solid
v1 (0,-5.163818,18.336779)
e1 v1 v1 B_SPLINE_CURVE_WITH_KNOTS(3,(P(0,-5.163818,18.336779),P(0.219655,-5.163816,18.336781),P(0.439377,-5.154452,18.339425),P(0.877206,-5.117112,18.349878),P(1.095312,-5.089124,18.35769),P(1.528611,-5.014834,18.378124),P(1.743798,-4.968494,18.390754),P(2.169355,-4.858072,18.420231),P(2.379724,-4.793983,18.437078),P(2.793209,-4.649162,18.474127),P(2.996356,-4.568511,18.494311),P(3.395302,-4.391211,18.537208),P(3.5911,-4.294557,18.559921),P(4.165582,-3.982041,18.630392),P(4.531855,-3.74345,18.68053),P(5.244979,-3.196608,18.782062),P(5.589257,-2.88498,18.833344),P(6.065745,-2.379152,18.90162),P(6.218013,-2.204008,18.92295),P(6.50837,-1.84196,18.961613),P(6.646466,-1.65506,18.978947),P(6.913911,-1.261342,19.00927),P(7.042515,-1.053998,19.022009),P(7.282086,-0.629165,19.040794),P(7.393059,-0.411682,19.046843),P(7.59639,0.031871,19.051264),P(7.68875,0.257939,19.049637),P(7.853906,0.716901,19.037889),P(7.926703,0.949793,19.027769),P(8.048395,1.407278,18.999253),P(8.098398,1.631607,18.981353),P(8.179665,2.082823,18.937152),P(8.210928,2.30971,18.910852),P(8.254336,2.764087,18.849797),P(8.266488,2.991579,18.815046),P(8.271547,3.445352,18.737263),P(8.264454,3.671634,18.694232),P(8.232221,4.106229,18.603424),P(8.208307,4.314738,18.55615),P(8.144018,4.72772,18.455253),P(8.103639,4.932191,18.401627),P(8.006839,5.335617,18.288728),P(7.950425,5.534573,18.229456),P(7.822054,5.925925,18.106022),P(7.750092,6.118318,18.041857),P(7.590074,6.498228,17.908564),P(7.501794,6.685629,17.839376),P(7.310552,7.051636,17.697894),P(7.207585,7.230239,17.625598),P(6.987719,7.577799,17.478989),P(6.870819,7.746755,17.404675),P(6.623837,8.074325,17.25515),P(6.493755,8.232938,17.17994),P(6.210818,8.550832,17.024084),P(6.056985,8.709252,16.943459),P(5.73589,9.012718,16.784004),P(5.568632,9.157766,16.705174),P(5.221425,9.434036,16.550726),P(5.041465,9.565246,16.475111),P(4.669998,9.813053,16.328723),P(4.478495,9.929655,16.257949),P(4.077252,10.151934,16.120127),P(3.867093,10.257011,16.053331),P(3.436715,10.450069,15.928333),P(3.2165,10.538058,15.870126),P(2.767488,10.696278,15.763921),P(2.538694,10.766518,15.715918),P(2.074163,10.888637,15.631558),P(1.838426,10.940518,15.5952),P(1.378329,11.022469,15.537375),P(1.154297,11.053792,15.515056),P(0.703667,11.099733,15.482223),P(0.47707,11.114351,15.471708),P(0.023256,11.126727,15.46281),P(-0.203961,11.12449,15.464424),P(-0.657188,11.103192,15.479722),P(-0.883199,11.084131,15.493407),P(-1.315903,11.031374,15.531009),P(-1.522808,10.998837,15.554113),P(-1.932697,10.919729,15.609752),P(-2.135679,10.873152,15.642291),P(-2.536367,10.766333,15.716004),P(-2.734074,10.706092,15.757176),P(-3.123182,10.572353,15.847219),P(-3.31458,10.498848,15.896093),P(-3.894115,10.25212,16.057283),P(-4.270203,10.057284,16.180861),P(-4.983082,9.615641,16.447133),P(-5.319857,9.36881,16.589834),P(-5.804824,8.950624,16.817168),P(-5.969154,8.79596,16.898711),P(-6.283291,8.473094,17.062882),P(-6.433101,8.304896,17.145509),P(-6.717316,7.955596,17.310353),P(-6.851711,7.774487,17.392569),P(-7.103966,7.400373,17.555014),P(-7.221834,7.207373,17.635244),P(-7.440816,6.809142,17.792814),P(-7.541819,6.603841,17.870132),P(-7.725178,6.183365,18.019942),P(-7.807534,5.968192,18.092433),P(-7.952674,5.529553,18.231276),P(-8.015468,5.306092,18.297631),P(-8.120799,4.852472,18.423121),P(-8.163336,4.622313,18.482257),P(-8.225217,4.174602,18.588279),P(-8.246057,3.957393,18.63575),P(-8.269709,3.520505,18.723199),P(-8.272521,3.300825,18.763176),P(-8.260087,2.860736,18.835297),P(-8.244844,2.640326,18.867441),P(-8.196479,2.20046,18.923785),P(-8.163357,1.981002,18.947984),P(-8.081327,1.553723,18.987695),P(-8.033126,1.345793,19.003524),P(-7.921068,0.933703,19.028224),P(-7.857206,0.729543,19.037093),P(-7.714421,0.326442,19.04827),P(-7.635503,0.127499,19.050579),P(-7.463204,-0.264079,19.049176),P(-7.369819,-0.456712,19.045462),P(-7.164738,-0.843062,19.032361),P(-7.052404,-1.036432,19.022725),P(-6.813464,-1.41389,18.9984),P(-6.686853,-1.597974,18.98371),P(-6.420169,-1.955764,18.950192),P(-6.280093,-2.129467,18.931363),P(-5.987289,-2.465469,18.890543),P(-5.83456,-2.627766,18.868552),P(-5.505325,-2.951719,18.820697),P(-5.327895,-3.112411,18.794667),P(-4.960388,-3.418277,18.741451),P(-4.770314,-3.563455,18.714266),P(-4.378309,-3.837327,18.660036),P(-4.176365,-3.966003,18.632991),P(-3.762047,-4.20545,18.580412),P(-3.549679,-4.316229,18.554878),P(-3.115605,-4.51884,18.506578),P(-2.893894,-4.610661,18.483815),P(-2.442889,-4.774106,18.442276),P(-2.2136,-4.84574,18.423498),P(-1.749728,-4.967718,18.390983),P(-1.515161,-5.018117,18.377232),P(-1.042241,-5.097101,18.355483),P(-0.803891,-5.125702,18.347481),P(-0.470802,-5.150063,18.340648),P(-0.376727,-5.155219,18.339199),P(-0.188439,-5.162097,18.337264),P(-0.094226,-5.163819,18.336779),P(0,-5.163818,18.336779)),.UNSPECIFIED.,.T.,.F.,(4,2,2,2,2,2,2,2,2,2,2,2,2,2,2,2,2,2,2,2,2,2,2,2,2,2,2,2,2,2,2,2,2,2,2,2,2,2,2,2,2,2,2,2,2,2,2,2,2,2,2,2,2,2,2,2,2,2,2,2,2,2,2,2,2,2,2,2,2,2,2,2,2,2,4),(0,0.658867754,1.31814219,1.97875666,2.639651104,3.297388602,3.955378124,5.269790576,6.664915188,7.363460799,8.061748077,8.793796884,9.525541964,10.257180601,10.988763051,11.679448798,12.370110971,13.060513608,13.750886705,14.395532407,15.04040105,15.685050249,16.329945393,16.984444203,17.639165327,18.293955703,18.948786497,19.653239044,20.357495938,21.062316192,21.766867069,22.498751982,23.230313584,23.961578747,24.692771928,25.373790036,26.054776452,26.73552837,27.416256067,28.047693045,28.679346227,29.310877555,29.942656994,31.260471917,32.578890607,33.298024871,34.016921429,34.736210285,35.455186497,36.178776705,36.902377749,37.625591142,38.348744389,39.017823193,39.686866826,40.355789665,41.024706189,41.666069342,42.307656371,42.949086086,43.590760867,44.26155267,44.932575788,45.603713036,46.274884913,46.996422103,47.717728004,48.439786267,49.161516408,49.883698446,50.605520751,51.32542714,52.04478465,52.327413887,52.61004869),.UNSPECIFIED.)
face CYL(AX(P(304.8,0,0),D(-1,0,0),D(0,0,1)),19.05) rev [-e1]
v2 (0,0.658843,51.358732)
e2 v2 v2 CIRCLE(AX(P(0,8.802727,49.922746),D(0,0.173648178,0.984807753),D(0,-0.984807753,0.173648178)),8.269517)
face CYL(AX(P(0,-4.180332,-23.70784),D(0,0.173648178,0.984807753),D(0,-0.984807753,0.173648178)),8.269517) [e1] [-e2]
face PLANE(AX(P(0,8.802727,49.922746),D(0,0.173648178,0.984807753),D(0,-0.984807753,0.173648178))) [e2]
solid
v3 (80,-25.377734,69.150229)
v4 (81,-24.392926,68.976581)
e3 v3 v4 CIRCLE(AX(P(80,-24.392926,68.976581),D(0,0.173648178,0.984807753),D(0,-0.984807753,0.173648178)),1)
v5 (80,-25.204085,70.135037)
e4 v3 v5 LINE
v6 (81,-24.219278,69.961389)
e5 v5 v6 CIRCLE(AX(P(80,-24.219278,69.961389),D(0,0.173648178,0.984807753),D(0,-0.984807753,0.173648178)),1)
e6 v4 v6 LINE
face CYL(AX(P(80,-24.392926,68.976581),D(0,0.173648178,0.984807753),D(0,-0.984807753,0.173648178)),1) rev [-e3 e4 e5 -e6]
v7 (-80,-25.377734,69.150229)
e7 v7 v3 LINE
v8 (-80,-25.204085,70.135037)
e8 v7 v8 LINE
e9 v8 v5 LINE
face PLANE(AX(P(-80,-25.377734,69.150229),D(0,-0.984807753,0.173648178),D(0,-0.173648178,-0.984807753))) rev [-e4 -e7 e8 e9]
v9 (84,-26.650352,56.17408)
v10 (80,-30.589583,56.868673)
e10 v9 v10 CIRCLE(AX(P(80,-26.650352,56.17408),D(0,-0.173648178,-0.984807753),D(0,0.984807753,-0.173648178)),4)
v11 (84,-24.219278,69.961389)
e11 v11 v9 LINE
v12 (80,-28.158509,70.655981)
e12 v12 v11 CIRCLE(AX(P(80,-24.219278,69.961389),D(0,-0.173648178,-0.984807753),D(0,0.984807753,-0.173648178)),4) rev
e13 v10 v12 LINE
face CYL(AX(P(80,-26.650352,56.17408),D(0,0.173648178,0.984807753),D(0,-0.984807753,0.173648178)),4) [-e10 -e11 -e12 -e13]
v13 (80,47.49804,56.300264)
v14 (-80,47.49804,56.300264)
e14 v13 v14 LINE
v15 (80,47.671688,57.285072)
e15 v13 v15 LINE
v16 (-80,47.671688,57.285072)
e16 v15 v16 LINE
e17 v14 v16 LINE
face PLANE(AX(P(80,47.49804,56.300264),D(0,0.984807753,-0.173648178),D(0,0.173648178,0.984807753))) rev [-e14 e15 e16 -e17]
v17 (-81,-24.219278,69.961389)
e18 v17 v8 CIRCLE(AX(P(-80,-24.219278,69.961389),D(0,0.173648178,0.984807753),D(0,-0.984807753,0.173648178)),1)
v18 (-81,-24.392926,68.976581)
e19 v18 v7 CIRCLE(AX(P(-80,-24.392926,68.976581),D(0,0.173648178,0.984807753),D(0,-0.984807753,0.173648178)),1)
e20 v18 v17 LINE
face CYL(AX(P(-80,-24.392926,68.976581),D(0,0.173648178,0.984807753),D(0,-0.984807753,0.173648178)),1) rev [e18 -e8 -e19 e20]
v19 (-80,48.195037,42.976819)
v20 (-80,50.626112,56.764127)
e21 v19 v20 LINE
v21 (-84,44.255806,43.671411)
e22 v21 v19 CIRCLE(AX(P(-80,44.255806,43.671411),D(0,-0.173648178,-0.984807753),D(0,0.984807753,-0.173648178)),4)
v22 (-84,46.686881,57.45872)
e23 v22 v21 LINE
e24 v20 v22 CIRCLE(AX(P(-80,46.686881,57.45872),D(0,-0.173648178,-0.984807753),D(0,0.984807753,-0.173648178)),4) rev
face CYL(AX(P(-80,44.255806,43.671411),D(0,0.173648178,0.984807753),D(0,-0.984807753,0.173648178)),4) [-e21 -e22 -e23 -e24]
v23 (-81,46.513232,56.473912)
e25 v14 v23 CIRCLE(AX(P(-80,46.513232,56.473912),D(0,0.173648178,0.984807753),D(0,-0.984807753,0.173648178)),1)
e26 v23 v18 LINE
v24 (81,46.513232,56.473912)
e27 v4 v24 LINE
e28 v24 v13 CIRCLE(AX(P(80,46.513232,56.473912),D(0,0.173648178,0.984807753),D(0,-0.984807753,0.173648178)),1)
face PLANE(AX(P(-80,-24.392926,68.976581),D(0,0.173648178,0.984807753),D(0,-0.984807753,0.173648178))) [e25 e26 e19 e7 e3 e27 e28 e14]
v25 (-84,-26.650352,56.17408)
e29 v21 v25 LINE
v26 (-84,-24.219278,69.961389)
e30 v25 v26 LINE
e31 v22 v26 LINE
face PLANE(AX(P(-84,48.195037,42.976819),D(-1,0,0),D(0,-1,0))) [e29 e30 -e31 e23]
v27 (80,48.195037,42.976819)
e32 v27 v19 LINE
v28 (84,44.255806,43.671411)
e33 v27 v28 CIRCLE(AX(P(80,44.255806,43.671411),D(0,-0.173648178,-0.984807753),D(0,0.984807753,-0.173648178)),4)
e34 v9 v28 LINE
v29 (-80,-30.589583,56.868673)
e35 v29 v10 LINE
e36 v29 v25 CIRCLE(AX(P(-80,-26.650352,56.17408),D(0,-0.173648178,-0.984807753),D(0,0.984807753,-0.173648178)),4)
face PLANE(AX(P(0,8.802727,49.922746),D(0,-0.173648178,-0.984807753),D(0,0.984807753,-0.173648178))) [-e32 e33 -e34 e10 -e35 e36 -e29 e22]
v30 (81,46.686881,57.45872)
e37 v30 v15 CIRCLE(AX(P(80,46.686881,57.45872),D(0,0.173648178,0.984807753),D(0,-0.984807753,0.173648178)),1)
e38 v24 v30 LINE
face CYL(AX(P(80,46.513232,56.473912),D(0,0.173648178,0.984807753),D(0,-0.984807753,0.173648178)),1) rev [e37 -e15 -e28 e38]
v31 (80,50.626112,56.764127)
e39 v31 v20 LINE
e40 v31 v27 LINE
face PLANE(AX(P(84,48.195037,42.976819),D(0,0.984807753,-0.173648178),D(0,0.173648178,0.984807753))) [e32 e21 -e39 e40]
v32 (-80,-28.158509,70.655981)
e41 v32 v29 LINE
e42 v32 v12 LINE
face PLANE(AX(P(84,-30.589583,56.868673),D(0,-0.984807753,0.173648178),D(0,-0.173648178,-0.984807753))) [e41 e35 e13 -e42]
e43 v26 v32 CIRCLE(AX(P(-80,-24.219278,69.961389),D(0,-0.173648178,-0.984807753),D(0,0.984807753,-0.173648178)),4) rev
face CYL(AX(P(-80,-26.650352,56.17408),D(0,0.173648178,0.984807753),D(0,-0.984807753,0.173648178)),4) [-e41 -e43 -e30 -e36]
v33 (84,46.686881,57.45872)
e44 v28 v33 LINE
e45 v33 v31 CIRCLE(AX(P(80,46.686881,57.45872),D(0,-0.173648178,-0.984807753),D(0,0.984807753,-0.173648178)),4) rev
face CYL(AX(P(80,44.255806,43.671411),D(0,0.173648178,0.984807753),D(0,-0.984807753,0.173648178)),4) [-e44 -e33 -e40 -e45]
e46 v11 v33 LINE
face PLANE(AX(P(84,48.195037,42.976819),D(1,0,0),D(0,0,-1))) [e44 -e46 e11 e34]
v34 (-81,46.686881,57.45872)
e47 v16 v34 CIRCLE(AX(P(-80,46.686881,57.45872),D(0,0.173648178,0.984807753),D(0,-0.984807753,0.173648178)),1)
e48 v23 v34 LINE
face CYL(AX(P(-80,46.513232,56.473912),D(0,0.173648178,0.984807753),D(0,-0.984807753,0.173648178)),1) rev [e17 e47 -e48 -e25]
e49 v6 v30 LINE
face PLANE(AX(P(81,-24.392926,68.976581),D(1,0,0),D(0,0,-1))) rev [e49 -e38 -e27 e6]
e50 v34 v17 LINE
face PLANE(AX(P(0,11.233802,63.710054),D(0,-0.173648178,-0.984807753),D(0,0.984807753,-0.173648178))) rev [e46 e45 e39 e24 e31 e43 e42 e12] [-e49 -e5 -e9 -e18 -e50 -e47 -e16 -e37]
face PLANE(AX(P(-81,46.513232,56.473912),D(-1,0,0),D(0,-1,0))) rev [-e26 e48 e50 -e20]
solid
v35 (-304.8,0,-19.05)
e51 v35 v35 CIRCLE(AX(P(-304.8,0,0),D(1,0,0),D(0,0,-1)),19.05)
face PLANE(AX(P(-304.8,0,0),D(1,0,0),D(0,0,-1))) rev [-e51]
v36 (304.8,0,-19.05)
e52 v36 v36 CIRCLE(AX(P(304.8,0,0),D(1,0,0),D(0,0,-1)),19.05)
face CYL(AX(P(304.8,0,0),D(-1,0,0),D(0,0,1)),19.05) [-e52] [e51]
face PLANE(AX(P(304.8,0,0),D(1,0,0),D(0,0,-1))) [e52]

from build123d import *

# Parameters (mm, degrees)
SKETCH1_R           = 19.05
BOSS_EXTRUDE1_DEPTH = 304.8
SKETCH7_W           = 168
SKETCH7_H           = 80
BOSS_EXTRUDE3_DEPTH = 14
BOSS_EXTRUDE4_REACH = 76.765
SKETCH8_R           = 8.269516538
FILLET1_R           = 4
CUT_EXTRUDE2_DEPTH  = 1


with BuildPart() as part:
    # Sketch1 → Boss-Extrude1 (new body, symmetric)
    with BuildSketch(Plane(origin=(0, 0, 0), x_dir=(0, 0, -1), z_dir=(1, 0, 0))):
        Circle(SKETCH1_R)
    extrude(amount=BOSS_EXTRUDE1_DEPTH, both=True)


with BuildPart() as body_2:
    # Sketch7 → Boss-Extrude3 (new body)
    with BuildSketch(Plane(origin=(0, 11.233801501, 63.710054219), x_dir=(1, 0, 0), z_dir=(0, 0.173648178, 0.984807753))):
        Rectangle(SKETCH7_W, SKETCH7_H)
    extrude(amount=-BOSS_EXTRUDE3_DEPTH)

    # Fillet1
    fillet1_edges = [body_2.edges().sort_by_distance(p)[0] for p in [
        (84, -29.374045863, 63.762327055),
        (-84, -29.374045863, 63.762327055),
        (-84, 49.410574378, 49.870472841),
        (84, 49.410574378, 49.870472841),
    ]]
    fillet(fillet1_edges, radius=FILLET1_R)

    # Sketch9 → Cut-Extrude2 (cut)
    with BuildSketch(Plane(origin=(0, 11.233801501, 63.710054219), x_dir=(1, 0, 0), z_dir=(0, 0.173648178, 0.984807753))):
        with BuildLine():
            Line((-80, -37), (80, -37))
            ThreePointArc((80, -37), (80.707106781, -36.707106781), (81, -36))
            Line((81, -36), (81, 36))
            ThreePointArc((81, 36), (80.707106781, 36.707106781), (80, 37))
            Line((80, 37), (-80, 37))
            ThreePointArc((-80, 37), (-80.707106781, 36.707106781), (-81, 36))
            Line((-81, 36), (-81, -36))
            ThreePointArc((-81, -36), (-80.707106781, -36.707106781), (-80, -37))
        make_face()
    extrude(amount=-CUT_EXTRUDE2_DEPTH, mode=Mode.SUBTRACT)


with BuildPart() as body_3:

    # Sketch8 → Boss-Extrude4 (new body, up to next)
    with BuildSketch(Plane(origin=(0, 8.802727014, 49.922745677), x_dir=(1, 0, 0), z_dir=(0, 0.173648178, 0.984807753)), mode=Mode.PRIVATE) as boss_extrude4_sk1:
        Circle(SKETCH8_R)
    boss_extrude4_tool1 = extrude(boss_extrude4_sk1.sketch, amount=-BOSS_EXTRUDE4_REACH, mode=Mode.PRIVATE) - part.part
    add(boss_extrude4_tool1.solids().sort_by_distance((0, 8.802727, 49.922746))[0])


solid = Compound([part.part, body_2.part, body_3.part])
